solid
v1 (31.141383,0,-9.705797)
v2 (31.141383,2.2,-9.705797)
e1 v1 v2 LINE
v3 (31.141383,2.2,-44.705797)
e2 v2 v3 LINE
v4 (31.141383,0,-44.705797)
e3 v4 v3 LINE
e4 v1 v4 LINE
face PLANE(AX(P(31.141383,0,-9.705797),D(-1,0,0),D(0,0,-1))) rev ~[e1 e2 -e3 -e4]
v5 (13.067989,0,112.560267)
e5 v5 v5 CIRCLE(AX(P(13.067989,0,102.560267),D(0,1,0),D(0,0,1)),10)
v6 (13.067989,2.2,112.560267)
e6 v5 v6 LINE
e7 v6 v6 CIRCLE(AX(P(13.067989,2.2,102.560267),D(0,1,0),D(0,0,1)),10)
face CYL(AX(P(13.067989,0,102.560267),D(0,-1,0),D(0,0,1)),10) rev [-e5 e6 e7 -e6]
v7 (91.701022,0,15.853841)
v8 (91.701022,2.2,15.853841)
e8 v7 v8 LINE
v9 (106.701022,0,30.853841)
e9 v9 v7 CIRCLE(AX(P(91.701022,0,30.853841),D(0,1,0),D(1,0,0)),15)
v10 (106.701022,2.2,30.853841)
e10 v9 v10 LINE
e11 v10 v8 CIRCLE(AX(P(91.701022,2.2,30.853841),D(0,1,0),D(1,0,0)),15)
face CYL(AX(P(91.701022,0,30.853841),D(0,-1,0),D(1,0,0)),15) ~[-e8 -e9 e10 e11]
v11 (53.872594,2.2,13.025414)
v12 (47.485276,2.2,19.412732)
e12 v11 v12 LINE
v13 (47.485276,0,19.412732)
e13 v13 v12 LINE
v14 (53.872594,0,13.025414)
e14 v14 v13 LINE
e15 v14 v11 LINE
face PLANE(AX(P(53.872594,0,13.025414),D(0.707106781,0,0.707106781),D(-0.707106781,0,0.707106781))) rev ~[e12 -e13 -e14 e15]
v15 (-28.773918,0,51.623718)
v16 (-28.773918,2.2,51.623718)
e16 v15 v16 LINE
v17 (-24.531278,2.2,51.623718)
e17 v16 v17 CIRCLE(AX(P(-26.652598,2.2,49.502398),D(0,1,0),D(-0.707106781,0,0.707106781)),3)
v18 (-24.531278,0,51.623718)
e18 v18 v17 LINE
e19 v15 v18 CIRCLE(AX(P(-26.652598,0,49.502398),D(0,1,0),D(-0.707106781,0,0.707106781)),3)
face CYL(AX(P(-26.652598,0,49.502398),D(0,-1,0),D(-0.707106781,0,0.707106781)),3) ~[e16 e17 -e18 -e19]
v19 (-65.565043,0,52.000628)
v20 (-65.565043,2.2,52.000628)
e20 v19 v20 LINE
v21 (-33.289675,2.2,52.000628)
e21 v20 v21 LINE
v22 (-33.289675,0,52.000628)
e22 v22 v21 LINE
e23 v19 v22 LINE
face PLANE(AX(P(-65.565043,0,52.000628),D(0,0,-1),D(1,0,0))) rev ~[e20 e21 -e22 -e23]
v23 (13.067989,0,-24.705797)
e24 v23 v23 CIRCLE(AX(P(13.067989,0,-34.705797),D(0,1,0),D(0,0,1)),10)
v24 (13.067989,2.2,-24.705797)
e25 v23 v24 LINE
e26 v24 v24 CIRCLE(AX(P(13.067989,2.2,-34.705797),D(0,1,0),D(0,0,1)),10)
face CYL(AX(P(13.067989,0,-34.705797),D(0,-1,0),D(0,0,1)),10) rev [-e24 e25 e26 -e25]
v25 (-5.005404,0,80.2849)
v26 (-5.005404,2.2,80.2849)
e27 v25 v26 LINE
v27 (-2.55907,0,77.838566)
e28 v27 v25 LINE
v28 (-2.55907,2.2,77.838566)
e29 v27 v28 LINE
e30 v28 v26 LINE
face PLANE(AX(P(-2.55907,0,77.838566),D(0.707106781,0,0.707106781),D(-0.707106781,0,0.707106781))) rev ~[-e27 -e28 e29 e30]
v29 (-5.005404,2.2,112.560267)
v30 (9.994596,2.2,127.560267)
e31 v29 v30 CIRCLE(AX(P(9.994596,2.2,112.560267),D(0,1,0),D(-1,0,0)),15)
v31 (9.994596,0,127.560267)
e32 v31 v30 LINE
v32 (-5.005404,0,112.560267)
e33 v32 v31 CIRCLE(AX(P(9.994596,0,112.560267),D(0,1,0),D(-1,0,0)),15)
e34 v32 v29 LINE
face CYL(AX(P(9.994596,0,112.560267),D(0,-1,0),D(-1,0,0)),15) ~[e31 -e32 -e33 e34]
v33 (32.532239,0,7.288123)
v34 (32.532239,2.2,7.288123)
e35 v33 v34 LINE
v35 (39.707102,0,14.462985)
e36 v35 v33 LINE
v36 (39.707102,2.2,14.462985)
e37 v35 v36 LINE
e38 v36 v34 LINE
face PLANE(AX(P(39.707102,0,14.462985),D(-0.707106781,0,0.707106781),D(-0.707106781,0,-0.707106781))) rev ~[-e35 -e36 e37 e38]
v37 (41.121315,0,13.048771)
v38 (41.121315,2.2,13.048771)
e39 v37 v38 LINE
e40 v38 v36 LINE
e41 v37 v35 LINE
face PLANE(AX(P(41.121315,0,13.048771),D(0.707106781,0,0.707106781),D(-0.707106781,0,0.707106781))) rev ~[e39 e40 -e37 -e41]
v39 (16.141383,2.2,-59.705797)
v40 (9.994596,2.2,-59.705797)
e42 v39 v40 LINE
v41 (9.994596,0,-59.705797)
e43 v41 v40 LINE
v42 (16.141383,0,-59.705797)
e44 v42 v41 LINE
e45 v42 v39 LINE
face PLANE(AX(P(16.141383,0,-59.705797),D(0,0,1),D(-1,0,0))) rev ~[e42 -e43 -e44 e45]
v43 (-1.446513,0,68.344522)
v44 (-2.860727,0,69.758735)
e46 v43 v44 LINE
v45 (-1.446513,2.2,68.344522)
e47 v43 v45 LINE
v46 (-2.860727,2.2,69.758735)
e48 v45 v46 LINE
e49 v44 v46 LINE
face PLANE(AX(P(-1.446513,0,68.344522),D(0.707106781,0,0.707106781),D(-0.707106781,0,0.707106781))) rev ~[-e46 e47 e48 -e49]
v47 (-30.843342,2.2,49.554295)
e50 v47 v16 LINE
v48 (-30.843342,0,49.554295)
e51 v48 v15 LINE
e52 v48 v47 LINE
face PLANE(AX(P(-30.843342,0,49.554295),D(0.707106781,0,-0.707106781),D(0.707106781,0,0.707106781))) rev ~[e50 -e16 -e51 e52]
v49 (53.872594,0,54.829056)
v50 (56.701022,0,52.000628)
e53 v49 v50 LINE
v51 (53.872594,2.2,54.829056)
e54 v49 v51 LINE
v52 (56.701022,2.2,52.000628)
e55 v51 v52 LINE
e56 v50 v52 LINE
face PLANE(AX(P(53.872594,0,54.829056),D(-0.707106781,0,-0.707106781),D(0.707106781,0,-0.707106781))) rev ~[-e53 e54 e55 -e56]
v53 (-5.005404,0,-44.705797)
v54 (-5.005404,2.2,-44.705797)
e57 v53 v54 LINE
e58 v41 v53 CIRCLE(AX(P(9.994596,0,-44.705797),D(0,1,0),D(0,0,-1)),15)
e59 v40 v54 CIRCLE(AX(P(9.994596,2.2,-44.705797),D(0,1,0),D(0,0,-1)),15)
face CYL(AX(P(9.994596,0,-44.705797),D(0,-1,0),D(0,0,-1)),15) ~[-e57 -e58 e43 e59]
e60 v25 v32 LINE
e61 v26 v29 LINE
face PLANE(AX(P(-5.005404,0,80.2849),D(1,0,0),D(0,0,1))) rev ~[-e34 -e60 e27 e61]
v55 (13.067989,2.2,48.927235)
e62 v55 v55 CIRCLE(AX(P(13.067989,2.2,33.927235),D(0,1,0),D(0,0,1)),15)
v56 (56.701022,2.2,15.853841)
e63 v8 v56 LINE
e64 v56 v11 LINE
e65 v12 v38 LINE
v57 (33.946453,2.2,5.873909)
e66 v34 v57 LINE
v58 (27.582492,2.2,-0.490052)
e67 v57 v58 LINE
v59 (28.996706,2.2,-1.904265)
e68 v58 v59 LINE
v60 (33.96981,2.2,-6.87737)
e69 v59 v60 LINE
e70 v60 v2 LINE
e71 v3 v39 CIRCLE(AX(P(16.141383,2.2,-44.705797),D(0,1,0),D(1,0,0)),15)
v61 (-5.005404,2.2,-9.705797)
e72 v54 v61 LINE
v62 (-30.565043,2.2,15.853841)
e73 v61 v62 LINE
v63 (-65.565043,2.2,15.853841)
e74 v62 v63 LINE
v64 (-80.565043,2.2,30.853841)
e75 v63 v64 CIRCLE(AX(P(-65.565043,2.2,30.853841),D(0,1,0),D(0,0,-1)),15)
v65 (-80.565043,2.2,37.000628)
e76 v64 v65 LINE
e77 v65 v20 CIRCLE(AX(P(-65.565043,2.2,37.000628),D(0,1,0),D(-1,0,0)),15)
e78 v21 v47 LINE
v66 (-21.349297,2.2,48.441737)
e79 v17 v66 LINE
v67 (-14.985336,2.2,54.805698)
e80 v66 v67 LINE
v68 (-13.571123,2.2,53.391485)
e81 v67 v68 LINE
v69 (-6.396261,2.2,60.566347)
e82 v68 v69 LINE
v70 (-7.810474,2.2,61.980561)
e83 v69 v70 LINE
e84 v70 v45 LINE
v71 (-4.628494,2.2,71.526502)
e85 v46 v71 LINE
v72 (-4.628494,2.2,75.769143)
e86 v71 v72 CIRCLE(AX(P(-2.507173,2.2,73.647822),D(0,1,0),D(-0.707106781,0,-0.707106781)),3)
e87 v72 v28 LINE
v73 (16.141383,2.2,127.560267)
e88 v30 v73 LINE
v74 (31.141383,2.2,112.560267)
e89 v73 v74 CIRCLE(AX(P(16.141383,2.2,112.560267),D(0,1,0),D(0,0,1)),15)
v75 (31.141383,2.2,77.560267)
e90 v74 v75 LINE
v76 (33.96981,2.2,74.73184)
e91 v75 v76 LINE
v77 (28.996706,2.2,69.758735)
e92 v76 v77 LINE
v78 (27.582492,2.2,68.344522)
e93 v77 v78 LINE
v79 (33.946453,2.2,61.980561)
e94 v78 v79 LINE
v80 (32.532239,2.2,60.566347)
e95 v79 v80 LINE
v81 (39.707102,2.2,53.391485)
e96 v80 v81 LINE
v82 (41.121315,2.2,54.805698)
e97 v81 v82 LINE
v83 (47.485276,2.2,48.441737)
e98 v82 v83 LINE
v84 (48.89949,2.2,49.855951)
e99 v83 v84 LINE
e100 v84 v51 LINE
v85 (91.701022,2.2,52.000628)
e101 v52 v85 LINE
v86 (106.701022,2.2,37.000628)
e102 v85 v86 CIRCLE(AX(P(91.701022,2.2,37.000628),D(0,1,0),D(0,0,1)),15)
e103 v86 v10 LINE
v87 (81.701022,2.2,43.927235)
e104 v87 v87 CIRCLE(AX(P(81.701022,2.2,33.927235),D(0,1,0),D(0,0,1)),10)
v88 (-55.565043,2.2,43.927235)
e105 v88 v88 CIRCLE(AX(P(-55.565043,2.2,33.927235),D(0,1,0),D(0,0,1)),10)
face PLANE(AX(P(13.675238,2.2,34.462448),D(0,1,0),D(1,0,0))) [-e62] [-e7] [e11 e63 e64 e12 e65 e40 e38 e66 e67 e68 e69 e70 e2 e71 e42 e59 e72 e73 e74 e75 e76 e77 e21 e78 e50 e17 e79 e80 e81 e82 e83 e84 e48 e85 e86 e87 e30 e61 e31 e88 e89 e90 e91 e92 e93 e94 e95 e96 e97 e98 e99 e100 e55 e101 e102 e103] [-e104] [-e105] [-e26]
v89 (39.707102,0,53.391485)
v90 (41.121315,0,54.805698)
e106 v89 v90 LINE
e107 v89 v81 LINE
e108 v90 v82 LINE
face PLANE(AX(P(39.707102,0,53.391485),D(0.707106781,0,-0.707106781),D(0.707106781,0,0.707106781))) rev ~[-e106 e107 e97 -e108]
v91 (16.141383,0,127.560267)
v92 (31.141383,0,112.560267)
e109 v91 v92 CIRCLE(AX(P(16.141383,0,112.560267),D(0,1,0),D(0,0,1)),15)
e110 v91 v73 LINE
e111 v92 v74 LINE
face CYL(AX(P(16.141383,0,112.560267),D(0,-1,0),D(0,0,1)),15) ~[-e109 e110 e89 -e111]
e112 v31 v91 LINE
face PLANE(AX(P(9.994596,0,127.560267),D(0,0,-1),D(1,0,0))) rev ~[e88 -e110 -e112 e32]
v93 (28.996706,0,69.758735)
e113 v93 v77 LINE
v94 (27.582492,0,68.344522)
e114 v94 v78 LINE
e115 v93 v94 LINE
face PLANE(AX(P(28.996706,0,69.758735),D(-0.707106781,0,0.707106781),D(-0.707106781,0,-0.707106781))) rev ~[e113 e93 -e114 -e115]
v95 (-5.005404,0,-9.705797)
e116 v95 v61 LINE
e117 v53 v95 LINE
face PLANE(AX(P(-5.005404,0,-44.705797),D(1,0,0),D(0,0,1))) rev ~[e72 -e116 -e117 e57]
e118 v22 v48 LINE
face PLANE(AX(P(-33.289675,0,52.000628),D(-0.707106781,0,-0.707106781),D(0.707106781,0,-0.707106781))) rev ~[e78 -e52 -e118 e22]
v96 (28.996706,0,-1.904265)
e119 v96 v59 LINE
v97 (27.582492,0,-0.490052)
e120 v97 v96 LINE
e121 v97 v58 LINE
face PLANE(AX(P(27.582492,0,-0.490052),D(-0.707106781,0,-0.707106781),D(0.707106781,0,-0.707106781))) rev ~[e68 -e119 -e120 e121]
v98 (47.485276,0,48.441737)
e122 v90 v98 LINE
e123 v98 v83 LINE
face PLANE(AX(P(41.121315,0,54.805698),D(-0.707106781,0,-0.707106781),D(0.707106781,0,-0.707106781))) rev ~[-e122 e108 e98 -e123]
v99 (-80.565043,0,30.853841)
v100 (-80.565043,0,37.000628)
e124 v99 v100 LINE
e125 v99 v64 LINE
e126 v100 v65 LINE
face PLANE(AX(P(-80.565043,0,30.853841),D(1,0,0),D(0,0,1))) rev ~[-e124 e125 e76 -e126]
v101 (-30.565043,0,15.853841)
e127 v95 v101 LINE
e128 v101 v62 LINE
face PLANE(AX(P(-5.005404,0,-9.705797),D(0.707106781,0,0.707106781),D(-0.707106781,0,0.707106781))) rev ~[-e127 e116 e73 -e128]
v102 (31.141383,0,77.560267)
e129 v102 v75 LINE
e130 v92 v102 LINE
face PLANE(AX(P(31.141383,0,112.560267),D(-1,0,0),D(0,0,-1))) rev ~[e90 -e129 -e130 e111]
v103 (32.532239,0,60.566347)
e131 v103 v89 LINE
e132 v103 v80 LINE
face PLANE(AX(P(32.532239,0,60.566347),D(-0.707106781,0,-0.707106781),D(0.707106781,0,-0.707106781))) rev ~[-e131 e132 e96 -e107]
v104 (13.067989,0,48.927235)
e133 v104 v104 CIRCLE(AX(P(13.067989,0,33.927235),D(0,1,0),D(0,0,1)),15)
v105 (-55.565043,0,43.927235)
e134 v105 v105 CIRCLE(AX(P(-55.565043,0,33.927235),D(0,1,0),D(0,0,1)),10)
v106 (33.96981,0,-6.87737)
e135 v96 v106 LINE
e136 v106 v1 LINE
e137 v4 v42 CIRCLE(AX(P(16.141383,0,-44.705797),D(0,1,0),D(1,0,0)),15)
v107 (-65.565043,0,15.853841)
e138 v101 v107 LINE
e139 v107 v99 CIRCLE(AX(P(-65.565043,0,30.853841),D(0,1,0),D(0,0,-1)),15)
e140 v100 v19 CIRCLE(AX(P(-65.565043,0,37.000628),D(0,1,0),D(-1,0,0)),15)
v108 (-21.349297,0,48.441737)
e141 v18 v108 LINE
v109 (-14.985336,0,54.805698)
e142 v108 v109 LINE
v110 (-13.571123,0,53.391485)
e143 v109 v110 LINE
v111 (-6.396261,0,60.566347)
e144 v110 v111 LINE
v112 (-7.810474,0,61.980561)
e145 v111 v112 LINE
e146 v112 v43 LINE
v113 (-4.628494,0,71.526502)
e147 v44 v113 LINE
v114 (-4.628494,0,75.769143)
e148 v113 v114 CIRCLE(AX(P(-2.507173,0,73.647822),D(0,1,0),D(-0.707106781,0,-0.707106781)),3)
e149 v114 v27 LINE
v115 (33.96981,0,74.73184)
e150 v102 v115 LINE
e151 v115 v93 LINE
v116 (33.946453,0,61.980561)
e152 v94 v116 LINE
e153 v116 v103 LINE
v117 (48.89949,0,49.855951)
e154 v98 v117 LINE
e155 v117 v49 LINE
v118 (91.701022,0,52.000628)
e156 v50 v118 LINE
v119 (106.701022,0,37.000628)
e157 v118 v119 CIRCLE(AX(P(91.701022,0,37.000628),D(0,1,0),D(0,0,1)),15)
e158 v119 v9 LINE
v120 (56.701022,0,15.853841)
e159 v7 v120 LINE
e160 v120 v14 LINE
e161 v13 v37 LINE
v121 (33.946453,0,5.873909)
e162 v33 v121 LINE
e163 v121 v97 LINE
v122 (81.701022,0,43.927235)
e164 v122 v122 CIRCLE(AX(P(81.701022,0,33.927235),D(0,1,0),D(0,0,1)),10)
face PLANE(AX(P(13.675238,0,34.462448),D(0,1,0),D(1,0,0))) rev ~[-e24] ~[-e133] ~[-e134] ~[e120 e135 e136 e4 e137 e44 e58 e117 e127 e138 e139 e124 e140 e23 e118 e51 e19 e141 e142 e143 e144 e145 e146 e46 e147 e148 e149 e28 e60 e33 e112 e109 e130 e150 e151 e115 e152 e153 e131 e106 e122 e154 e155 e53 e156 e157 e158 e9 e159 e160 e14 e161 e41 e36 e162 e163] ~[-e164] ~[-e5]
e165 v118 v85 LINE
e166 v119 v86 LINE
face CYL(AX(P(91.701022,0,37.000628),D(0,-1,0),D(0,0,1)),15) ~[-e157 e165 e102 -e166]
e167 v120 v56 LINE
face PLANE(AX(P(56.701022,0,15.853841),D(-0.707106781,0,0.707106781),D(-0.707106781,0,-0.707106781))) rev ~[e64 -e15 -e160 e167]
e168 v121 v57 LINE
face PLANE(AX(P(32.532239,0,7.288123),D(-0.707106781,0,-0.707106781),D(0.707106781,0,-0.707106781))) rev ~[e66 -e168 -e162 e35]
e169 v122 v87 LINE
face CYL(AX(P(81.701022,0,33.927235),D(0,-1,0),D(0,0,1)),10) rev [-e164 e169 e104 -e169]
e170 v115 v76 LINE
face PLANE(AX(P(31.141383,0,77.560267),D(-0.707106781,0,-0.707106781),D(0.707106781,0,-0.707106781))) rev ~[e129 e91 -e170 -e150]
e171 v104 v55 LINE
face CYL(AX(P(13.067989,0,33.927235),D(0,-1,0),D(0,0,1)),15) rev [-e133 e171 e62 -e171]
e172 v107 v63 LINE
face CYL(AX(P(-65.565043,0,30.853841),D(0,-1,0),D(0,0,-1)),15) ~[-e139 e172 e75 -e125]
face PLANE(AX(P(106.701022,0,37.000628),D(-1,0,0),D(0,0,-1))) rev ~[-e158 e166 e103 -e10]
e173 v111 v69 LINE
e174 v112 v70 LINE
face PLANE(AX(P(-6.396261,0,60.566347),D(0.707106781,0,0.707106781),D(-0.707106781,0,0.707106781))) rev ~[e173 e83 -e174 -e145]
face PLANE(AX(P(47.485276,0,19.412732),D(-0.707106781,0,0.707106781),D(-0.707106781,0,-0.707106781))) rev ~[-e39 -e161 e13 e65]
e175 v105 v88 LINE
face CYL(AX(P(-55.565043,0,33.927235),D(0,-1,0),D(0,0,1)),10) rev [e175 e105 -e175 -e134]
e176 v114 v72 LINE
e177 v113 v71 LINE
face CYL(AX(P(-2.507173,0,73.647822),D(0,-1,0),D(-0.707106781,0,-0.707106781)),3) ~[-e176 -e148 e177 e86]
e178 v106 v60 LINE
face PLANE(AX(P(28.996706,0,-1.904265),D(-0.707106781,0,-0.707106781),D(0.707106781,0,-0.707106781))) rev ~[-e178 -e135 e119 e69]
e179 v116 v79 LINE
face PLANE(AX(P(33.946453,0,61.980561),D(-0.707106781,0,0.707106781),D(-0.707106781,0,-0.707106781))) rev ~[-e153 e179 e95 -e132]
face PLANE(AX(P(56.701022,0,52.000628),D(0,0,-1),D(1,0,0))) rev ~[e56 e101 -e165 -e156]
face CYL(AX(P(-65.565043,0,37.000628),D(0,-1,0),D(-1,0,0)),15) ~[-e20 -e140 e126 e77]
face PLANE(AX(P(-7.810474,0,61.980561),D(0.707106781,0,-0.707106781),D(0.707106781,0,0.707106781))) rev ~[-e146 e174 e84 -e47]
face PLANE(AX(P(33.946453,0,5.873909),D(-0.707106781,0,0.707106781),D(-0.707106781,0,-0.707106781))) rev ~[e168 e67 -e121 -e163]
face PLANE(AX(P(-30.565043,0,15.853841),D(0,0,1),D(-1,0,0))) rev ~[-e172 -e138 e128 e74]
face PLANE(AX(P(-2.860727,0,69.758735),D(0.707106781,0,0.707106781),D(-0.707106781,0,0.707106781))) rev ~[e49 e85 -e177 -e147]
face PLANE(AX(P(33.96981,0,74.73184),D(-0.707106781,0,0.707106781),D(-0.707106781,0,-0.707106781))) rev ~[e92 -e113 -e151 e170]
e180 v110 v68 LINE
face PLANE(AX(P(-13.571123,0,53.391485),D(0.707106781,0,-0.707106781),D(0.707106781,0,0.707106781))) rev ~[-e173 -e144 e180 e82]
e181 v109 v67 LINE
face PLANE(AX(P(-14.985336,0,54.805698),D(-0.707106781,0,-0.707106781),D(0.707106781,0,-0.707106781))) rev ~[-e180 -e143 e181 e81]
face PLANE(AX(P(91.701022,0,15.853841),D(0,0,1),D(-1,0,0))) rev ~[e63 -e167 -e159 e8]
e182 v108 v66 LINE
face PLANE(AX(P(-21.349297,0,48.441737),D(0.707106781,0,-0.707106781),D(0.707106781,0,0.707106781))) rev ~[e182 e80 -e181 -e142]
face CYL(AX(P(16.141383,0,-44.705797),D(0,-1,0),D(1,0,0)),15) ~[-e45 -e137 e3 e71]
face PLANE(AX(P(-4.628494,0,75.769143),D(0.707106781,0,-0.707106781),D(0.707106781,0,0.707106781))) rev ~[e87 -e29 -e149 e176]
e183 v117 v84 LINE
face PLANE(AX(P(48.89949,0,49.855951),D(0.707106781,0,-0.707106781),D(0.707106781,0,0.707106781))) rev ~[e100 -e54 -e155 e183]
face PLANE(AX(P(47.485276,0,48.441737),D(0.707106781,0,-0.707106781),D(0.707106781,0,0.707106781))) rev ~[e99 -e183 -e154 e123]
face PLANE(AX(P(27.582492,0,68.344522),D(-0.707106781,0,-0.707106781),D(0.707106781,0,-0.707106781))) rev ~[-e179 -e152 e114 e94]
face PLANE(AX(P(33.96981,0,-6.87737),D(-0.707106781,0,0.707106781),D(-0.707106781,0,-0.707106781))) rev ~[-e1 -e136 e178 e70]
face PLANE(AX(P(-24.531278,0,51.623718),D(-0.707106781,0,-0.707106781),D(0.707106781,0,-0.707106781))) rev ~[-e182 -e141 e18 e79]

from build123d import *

# Parameters (mm, degrees)
SKETCH1_R           = 10
SKETCH1_R_2         = 15
BOSS_EXTRUDE1_DEPTH = 2.2


with BuildPart() as part:
    # Sketch1 → Boss-Extrude1 (new body)
    with BuildSketch(Plane(origin=(0, 0, 0), x_dir=(1, 0, 0), z_dir=(0, 1, 0))):
        with BuildLine():
            Line((28.996705531, 1.904265459), (33.969810226, 6.877370153))
            Line((33.969810226, 6.877370153), (31.141383101, 9.705797278))
            Line((31.141383101, 9.705797278), (31.141383101, 44.705797278))
            ThreePointArc((31.141383101, 44.705797278), (26.747984819, 55.312398995), (16.141383101, 59.705797278))
            Line((16.141383101, 59.705797278), (9.99459577, 59.705797278))
            ThreePointArc((9.99459577, 59.705797278), (-0.612005948, 55.312398995), (-5.00540423, 44.705797278))
            Line((-5.00540423, 44.705797278), (-5.00540423, 9.705797278))
            Line((-5.00540423, 9.705797278), (-30.56504267, -15.853841163))
            Line((-30.56504267, -15.853841163), (-65.56504267, -15.853841163))
            ThreePointArc((-65.56504267, -15.853841163), (-76.171644388, -20.247239445), (-80.56504267, -30.853841163))
            Line((-80.56504267, -30.853841163), (-80.56504267, -37.000628494))
            ThreePointArc((-80.56504267, -37.000628494), (-76.171644388, -47.607230212), (-65.56504267, -52.000628494))
            Line((-65.56504267, -52.000628494), (-33.289675478, -52.000628494))
            Line((-33.289675478, -52.000628494), (-30.843341676, -49.554294692))
            Line((-30.843341676, -49.554294692), (-28.773918492, -51.623717877))
            ThreePointArc((-28.773918492, -51.623717877), (-26.652598148, -52.502397534), (-24.531277804, -51.623717877))
            Line((-24.531277804, -51.623717877), (-22.763510851, -49.855950924))
            Line((-22.763510851, -49.855950924), (-21.349297289, -48.441737362))
            Line((-21.349297289, -48.441737362), (-14.985336258, -54.805698393))
            Line((-14.985336258, -54.805698393), (-13.571122696, -53.39148483))
            Line((-13.571122696, -53.39148483), (-6.396260567, -60.566346959))
            Line((-6.396260567, -60.566346959), (-7.810474129, -61.980560522))
            Line((-7.810474129, -61.980560522), (-1.446513098, -68.344521553))
            Line((-1.446513098, -68.344521553), (-2.860726661, -69.758735115))
            Line((-2.860726661, -69.758735115), (-4.628493614, -71.526502068))
            ThreePointArc((-4.628493614, -71.526502068), (-5.50717327, -73.647822411), (-4.628493614, -75.769142755))
            Line((-4.628493614, -75.769142755), (-2.559070429, -77.83856594))
            Line((-2.559070429, -77.83856594), (-5.00540423, -80.284899741))
            Line((-5.00540423, -80.284899741), (-5.00540423, -112.560266934))
            ThreePointArc((-5.00540423, -112.560266934), (-0.612005948, -123.166868652), (9.99459577, -127.560266934))
            Line((9.99459577, -127.560266934), (16.141383101, -127.560266934))
            ThreePointArc((16.141383101, -127.560266934), (26.747984819, -123.166868652), (31.141383101, -112.560266934))
            Line((31.141383101, -112.560266934), (31.141383101, -77.560266934))
            Line((31.141383101, -77.560266934), (33.969810226, -74.731839809))
            Line((33.969810226, -74.731839809), (28.996705531, -69.758735115))
            Line((28.996705531, -69.758735115), (27.582491969, -68.344521553))
            Line((27.582491969, -68.344521553), (33.946453, -61.980560522))
            Line((33.946453, -61.980560522), (32.532239437, -60.566346959))
            Line((32.532239437, -60.566346959), (39.707101567, -53.39148483))
            Line((39.707101567, -53.39148483), (41.121315129, -54.805698393))
            Line((41.121315129, -54.805698393), (47.48527616, -48.441737362))
            Line((47.48527616, -48.441737362), (48.899489722, -49.855950924))
            Line((48.899489722, -49.855950924), (53.872594416, -54.829055619))
            Line((53.872594416, -54.829055619), (56.701021541, -52.000628494))
            Line((56.701021541, -52.000628494), (91.701021541, -52.000628494))
            ThreePointArc((91.701021541, -52.000628494), (102.307623259, -47.607230212), (106.701021541, -37.000628494))
            Line((106.701021541, -37.000628494), (106.701021541, -30.853841163))
            ThreePointArc((106.701021541, -30.853841163), (102.307623259, -20.247239445), (91.701021541, -15.853841163))
            Line((91.701021541, -15.853841163), (56.701021541, -15.853841163))
            Line((56.701021541, -15.853841163), (53.872594416, -13.025414038))
            Line((53.872594416, -13.025414038), (48.899489722, -17.998518732))
            Line((48.899489722, -17.998518732), (47.48527616, -19.412732294))
            Line((47.48527616, -19.412732294), (41.121315129, -13.048771264))
            Line((41.121315129, -13.048771264), (39.707101567, -14.462984826))
            Line((39.707101567, -14.462984826), (32.532239437, -7.288122697))
            Line((32.532239437, -7.288122697), (33.946453, -5.873909135))
            Line((33.946453, -5.873909135), (27.582491969, 0.490051896))
            Line((27.582491969, 0.490051896), (28.996705531, 1.904265459))
        make_face()
        with Locations(Location((-55.56504267, -33.927234828, 0), (0, 0, 270))):
            Circle(SKETCH1_R, mode=Mode.SUBTRACT)
        with Locations(Location((13.067989435, -102.560266934, 0), (0, 0, 270))):
            Circle(SKETCH1_R, mode=Mode.SUBTRACT)
        with Locations(Location((13.067989435, -33.927234828, 0), (0, 0, 270))):
            Circle(SKETCH1_R_2, mode=Mode.SUBTRACT)
        with Locations(Location((81.701021541, -33.927234828, 0), (0, 0, 270))):
            Circle(SKETCH1_R, mode=Mode.SUBTRACT)
        with Locations(Location((13.067989435, 34.705797278, 0), (0, 0, 270))):
            Circle(SKETCH1_R, mode=Mode.SUBTRACT)
    extrude(amount=BOSS_EXTRUDE1_DEPTH)


solid = part.part
